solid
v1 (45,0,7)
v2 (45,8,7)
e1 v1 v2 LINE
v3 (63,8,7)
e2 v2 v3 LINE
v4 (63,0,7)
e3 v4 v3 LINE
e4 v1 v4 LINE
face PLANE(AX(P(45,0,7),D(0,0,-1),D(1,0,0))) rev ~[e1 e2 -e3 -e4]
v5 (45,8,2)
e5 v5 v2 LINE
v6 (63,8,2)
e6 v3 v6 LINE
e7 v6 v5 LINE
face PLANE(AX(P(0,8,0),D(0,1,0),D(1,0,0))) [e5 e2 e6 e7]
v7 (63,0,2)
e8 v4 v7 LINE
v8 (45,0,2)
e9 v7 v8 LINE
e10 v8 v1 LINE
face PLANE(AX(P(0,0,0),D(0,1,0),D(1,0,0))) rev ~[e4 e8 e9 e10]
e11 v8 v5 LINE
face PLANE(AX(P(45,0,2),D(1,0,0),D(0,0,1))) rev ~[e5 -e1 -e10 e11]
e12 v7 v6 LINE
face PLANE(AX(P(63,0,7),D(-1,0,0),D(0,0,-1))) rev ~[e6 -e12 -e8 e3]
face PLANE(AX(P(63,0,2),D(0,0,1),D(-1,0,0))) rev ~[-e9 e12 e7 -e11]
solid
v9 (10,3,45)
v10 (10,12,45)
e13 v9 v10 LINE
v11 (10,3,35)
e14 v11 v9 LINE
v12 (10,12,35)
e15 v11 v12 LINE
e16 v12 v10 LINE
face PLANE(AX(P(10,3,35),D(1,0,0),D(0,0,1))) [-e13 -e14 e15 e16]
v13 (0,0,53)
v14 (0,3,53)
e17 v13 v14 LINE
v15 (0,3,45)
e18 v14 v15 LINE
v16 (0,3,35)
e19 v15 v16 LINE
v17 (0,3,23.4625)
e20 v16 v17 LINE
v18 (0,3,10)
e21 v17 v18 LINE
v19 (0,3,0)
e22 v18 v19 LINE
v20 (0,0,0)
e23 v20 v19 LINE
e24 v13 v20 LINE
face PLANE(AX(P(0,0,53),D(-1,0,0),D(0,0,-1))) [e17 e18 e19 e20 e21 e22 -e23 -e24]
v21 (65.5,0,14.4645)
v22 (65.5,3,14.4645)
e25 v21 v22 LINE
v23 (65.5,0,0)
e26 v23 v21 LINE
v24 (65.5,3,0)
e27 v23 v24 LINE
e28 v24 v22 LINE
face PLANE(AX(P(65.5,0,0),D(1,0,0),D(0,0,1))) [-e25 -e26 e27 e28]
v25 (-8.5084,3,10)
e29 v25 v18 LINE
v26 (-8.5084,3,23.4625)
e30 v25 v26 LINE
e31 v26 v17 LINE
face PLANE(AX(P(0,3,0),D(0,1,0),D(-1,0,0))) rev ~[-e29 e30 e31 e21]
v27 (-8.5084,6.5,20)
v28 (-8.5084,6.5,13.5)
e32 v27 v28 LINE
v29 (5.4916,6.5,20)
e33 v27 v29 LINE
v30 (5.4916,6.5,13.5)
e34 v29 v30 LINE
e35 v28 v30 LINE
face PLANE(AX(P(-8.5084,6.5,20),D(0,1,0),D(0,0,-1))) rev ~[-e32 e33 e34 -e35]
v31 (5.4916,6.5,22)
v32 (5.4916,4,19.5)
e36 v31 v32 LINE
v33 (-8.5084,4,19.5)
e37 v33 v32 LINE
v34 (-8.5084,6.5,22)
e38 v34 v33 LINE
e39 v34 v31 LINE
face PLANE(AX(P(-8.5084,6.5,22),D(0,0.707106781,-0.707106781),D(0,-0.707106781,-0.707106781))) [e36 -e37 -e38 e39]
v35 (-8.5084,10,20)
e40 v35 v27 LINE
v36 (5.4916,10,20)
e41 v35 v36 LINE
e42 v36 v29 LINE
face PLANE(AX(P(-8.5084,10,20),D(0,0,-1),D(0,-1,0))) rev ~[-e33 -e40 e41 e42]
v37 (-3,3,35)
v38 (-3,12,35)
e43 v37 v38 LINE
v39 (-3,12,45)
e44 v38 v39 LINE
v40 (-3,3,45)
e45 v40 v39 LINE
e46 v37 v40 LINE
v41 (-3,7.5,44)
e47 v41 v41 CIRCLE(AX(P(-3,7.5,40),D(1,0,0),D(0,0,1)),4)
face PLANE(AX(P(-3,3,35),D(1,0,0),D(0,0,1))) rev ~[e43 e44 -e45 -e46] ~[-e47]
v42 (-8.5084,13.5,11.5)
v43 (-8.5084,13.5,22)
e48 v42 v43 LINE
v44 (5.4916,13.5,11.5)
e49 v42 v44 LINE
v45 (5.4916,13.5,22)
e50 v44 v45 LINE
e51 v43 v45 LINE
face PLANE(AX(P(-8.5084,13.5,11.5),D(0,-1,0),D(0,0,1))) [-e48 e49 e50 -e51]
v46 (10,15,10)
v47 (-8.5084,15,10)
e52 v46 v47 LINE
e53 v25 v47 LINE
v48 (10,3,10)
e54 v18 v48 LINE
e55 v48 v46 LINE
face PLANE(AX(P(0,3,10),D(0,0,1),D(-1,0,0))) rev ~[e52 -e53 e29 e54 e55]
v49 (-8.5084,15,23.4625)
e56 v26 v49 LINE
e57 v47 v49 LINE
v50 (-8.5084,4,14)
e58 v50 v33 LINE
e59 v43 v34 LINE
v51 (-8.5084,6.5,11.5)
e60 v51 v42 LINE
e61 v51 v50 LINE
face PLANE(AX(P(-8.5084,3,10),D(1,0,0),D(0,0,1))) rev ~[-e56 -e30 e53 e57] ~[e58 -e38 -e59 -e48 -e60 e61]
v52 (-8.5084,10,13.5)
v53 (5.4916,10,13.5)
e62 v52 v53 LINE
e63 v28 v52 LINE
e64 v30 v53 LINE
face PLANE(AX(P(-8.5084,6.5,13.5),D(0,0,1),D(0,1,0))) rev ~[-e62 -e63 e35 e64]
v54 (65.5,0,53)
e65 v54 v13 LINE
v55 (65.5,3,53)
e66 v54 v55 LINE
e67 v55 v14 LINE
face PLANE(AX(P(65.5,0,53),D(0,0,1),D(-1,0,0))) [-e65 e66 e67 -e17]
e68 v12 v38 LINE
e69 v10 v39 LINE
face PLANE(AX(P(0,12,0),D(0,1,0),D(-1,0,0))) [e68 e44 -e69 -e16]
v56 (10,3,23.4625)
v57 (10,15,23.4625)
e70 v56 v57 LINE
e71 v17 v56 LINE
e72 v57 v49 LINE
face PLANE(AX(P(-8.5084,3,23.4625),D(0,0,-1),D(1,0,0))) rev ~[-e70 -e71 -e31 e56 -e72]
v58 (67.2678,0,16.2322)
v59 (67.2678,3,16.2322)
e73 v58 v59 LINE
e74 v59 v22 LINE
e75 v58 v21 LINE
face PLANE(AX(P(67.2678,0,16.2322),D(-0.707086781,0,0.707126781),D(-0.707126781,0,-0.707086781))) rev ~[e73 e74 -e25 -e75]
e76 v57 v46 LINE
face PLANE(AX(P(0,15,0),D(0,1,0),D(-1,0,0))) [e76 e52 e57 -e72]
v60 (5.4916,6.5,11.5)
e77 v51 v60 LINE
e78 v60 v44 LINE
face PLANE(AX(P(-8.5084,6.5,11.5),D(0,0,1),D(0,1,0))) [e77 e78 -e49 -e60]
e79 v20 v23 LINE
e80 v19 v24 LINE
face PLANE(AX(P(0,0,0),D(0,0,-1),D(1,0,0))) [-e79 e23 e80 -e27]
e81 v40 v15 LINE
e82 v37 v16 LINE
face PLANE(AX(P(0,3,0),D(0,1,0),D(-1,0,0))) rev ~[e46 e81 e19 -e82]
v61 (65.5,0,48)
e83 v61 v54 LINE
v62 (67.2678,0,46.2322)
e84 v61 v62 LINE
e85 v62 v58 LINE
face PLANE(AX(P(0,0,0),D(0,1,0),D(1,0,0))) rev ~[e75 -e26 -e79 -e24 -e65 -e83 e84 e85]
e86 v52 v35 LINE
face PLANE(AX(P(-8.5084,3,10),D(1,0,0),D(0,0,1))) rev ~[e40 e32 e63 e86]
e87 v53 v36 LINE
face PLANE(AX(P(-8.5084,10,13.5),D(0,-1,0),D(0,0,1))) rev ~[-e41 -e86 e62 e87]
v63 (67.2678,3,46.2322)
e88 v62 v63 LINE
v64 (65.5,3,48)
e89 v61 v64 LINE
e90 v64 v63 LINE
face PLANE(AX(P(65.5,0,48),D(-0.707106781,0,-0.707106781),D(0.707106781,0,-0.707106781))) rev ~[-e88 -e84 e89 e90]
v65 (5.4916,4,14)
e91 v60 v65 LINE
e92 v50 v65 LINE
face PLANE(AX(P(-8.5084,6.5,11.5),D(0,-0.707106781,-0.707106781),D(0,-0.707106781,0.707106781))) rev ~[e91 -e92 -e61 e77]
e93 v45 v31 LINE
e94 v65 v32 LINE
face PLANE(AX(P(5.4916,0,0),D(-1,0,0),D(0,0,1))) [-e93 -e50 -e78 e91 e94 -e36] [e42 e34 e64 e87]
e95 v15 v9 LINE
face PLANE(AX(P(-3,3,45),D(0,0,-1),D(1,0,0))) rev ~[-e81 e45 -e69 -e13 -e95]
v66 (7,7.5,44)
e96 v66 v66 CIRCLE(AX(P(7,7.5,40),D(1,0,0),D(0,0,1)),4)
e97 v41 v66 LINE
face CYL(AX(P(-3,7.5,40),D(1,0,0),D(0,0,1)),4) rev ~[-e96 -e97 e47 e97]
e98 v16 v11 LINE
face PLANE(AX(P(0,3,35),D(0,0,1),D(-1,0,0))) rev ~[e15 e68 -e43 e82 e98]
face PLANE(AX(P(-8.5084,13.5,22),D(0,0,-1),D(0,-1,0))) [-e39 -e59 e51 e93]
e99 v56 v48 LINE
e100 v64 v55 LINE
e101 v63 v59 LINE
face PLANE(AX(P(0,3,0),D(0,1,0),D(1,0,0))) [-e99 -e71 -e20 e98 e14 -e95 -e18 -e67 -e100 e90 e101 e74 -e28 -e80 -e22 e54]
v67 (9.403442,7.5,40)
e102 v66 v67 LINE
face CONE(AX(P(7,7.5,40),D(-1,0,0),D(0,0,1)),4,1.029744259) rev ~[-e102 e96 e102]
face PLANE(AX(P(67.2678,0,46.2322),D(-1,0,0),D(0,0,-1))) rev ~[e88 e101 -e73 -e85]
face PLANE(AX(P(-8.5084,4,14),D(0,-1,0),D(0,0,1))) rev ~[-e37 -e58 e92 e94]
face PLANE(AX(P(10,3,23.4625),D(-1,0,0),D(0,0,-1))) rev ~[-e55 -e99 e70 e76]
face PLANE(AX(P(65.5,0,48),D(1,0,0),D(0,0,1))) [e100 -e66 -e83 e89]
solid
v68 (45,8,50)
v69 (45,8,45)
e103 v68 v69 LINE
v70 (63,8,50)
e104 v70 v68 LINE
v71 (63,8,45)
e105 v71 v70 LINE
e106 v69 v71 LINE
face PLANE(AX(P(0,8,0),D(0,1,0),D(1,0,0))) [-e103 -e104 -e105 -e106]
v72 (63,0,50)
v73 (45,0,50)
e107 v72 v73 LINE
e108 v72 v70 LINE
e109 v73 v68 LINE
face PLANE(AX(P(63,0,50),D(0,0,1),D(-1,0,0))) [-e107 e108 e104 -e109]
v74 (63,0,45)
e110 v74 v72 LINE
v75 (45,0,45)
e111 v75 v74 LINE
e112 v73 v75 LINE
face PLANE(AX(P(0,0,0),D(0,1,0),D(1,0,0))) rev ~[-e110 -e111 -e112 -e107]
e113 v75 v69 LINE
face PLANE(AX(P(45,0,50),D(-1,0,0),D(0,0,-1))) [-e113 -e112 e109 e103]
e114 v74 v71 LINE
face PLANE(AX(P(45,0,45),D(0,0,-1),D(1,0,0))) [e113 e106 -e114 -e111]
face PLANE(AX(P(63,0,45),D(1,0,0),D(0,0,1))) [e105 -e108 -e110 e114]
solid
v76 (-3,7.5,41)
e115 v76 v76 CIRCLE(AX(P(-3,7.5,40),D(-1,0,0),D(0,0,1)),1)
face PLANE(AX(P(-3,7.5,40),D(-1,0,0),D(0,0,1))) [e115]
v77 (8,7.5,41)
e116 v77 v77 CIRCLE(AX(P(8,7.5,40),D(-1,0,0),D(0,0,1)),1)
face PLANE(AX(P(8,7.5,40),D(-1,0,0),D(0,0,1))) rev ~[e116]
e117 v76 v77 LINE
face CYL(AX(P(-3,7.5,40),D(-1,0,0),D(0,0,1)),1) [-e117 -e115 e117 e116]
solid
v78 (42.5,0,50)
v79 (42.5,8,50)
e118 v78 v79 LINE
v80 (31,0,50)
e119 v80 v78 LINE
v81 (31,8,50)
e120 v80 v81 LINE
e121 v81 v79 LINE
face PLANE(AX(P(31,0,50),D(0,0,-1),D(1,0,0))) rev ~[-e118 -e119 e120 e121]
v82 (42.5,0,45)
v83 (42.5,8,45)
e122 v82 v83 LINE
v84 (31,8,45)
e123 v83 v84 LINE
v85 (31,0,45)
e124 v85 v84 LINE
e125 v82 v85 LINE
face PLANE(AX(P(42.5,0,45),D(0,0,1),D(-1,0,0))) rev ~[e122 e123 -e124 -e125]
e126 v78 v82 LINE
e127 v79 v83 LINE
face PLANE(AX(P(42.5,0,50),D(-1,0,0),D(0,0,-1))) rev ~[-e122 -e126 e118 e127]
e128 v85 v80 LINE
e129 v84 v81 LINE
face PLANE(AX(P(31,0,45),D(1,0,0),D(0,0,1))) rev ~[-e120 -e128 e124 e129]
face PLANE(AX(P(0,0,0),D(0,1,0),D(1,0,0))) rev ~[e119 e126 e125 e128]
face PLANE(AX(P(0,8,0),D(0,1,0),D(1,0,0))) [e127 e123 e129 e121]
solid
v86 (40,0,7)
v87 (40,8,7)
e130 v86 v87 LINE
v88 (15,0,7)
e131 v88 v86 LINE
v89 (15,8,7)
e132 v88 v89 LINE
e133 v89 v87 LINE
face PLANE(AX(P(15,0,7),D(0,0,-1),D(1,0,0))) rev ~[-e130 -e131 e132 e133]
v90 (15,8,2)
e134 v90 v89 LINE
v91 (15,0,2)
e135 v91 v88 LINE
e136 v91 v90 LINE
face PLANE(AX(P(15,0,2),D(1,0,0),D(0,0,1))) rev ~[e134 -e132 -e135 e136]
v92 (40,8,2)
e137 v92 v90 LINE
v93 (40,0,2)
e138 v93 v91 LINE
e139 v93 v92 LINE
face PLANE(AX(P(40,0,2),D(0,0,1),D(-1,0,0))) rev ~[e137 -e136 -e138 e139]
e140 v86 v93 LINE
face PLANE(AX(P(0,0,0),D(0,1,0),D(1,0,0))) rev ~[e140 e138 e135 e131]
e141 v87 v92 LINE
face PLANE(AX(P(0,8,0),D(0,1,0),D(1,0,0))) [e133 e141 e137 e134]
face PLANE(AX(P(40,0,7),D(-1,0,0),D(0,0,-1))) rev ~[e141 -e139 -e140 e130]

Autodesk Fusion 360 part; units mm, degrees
sketch "Sketch1" plane through (0, 0, 0) normal (0, 1, 0) x (1, 0, 0)
  line L0 (0, 0) -> (65.5, 0)
  line L1 (65.5, 0) -> (65.5, -53)
  line L2 (65.5, -53) -> (0, -53)
  line L3 (0, -53) -> (0, 0)
  line L4 (65.5, -53) -> (65.5, -48) construction
  line L5 (65.5, -48) -> (67.2678, -46.2322)
  line L6 (65.5, -48) -> (68, -48) construction
  line L7 (67.2678, -46.2322) -> (67.2678, -16.2322)
  line L8 (67.2678, -16.2322) -> (65.5, -14.4645)
  line L9 (67.2678, -16.2322) -> (64.7678, -16.2322) construction
  dimension "d1" = 65.5
  dimension "d2" = 53
  dimension "d3" = 5
  dimension "d4" = 45
  dimension "d5" = 2.5
  dimension "d6" = 30
  dimension "d7" = 45
  dimension "d8" = 2.5
sketch "Sketch2" plane through (0, 0, 0) normal (0, 1, 0) x (1, 0, 0)
  line L0 (63, -2) -> (45, -2)
  line L1 (45, -2) -> (45, -7)
  line L2 (45, -7) -> (63, -7)
  line L3 (63, -7) -> (63, -2)
  line L4 (40, -2) -> (15, -2)
  line L5 (15, -2) -> (15, -7)
  line L6 (15, -7) -> (40, -7)
  line L7 (40, -7) -> (40, -2)
  line L8 (63, -50) -> (45, -50)
  line L9 (45, -50) -> (45, -45)
  line L10 (45, -45) -> (63, -45)
  line L11 (63, -45) -> (63, -50)
  line L12 (42.5, -45) -> (31, -45)
  line L13 (31, -45) -> (31, -50)
  line L14 (31, -50) -> (42.5, -50)
  line L15 (42.5, -50) -> (42.5, -45)
extrude "Extrude1" add sketch "Sketch1" sketch "Sketch2" along normal blind 3 of sketch 2 contours L0 L1 L2 L3 | L4 L5 L6 L7 makes body 1
sketch "Sketch3" plane through (0, 0, 0) normal (0, -1, 0) x (1, 0, 0)
  line L0 (67.2678, 46.2322) -> (65.5, 48)
  line L1 (65.5, 48) -> (65.5, 53)
  line L2 (65.5, 53) -> (0, 53)
  line L3 (0, 53) -> (0, 0)
  line L4 (0, 0) -> (65.5, 0)
  line L5 (65.5, 0) -> (65.5, 14.4645)
  line L6 (65.5, 14.4645) -> (67.2678, 16.2322)
  line L7 (67.2678, 16.2322) -> (67.2678, 46.2322)
extrude "Extrude2" add sketch "Sketch2" along normal blind 8 separate body makes body 2 at (51, 2.6667, 7) makes body 3 at (34.8333, 2.6667, 50) makes body 4 at (23.3333, 2.6667, 7) makes body 5 at (57, 2.6667, 50)
sketch "Sketch4" plane through (0, 3, 0) normal (0, 1, 0) x (-1, 0, 0)
  line L0 (-65.5, 48) -> (-67.2678, 46.2322)
  line L1 (-67.2678, 46.2322) -> (-67.2678, 16.2322)
  line L2 (-67.2678, 16.2322) -> (-65.5, 14.4645)
  line L3 (-65.5, 14.4645) -> (-65.5, 0)
  line L4 (-65.5, 0) -> (0, 0)
  line L5 (0, 0) -> (0, 53)
  line L6 (0, 53) -> (-65.5, 53)
  line L7 (-65.5, 53) -> (-65.5, 48)
  line L8 (0, 35) -> (-10, 35)
  line L9 (-10, 35) -> (-10, 45)
  line L10 (-10, 45) -> (0, 45)
  line L11 (0, 45) -> (0, 35)
  line L12 (0, 35) -> (3, 35)
  line L13 (3, 35) -> (3, 45)
  line L14 (3, 45) -> (0, 45)
  line L15 (0, 45) -> (0, 35)
extrude "Extrude3" add sketch "Sketch4" along normal blind 9 contours L5 L11 L12 L13 L14 L15 | L5 L8 L9 L10 L11 L15 bodies 1
sketch "Sketch5" plane through (-3, 0, 0) normal (-1, 0, 0) x (0, 0, 1)
  line L0 (35, 3) -> (45, 3)
  line L1 (45, 3) -> (45, 12)
  line L2 (45, 12) -> (35, 12)
  line L3 (35, 12) -> (35, 3)
hole "Hole1" at (-3, 7.5, 40) direction (1, 0, 0) diameter 8 depth 10 tip angle 118 bodies 1
sketch "Sketch6" plane through (-3, 7.5, 40) normal (-1, 0, 0) x (0, 0, 1)
  circle A0 centre (0, 0) radius 1
extrude "Extrude4" add sketch "Sketch6" against normal blind 11 separate body makes body 6
sketch "Sketch7" plane through (0, 3, 0) normal (0, 1, 0) x (-1, 0, 0)
  line L0 (-10, 45) -> (0, 45)
  line L1 (0, 45) -> (0, 53)
  line L2 (0, 53) -> (-65.5, 53)
  line L3 (-65.5, 53) -> (-65.5, 48)
  line L4 (-65.5, 48) -> (-67.2678, 46.2322)
  line L5 (-67.2678, 46.2322) -> (-67.2678, 16.2322)
  line L6 (-67.2678, 16.2322) -> (-65.5, 14.4645)
  line L7 (-65.5, 14.4645) -> (-65.5, 0)
  line L8 (-65.5, 0) -> (0, 0)
  line L9 (0, 0) -> (0, 35)
  line L10 (0, 35) -> (-10, 35)
  line L11 (-10, 35) -> (-10, 45)
  line L12 (-10, 10) -> (8.5084, 10)
  line L13 (8.5084, 10) -> (8.5084, 23.4625)
  line L14 (8.5084, 23.4625) -> (-10, 23.4625)
  line L15 (-10, 23.4625) -> (-10, 10)
extrude "Extrude5" add sketch "Sketch7" along normal blind 12 contours L9 L12 L13 L14 | L9 L12 L14 L15 bodies 1
sketch "Sketch8" plane through (-8.5084, 0, 0) normal (-1, 0, 0) x (0, 0, 1)
  line L0 (10, 3) -> (23.4625, 3)
  line L1 (23.4625, 3) -> (23.4625, 15)
  line L2 (23.4625, 15) -> (10, 15)
  line L3 (10, 15) -> (10, 3)
  line L4 (11.5, 13.5) -> (22, 13.5)
  line L5 (22, 13.5) -> (22, 6.5)
  line L6 (22, 6.5) -> (19.5, 4)
  line L7 (11.5, 6.5) -> (11.5, 13.5)
  line L8 (11.5, 6.5) -> (14, 4)
  line L9 (11.5, 6.5) -> (15.0355, 6.5) construction
  line L10 (14, 4) -> (19.5, 4)
  line L11 (13.5, 10) -> (20, 10)
  line L12 (20, 10) -> (20, 6.5)
  line L13 (20, 6.5) -> (13.5, 6.5)
  line L14 (13.5, 6.5) -> (13.5, 10)
  dimension "d22" = 45
extrude "Extrude6" cut sketch "Sketch8" against normal blind 14 contours L4 L5 L6 L7 L8 L10 bodies 1
copy_body "Body->Comp1" bodies 1 removing the originals makes body 7 in component "Arduino"
copy_body "Body->Comp2" bodies 3 removing the originals makes body 8 in component "Component"
copy_body "Body->Comp3" bodies 2 removing the originals makes body 9 in component "Component'"
copy_body "Body->Comp4" bodies 5 removing the originals makes body 10 in component "Component''"
copy_body "Body->Comp5" bodies 4 removing the originals makes body 11 in component "Component'''"
copy_body "Body->Comp6" bodies 6 removing the originals makes body 12 in component "Component''''"
component "Arduino" placed x (1, 0, 0) y (0, 1, 0) z (0, 0, 1) at (0, 0, 0)
component "Component''''" placed x (1, 0, 0) y (0, 1, 0) z (0, 0, 1) at (0, 0, 0) in component "Arduino"
component "Component'''" placed x (1, 0, 0) y (0, 1, 0) z (0, 0, 1) at (0, 0, 0) in component "Arduino"
component "Component" placed x (1, 0, 0) y (0, 1, 0) z (0, 0, 1) at (0, 0, 0) in component "Arduino"
component "Component'" placed x (1, 0, 0) y (0, 1, 0) z (0, 0, 1) at (0, 0, 0) in component "Arduino"
component "Component''" placed x (1, 0, 0) y (0, 1, 0) z (0, 0, 1) at (0, 0, 0) in component "Arduino"
